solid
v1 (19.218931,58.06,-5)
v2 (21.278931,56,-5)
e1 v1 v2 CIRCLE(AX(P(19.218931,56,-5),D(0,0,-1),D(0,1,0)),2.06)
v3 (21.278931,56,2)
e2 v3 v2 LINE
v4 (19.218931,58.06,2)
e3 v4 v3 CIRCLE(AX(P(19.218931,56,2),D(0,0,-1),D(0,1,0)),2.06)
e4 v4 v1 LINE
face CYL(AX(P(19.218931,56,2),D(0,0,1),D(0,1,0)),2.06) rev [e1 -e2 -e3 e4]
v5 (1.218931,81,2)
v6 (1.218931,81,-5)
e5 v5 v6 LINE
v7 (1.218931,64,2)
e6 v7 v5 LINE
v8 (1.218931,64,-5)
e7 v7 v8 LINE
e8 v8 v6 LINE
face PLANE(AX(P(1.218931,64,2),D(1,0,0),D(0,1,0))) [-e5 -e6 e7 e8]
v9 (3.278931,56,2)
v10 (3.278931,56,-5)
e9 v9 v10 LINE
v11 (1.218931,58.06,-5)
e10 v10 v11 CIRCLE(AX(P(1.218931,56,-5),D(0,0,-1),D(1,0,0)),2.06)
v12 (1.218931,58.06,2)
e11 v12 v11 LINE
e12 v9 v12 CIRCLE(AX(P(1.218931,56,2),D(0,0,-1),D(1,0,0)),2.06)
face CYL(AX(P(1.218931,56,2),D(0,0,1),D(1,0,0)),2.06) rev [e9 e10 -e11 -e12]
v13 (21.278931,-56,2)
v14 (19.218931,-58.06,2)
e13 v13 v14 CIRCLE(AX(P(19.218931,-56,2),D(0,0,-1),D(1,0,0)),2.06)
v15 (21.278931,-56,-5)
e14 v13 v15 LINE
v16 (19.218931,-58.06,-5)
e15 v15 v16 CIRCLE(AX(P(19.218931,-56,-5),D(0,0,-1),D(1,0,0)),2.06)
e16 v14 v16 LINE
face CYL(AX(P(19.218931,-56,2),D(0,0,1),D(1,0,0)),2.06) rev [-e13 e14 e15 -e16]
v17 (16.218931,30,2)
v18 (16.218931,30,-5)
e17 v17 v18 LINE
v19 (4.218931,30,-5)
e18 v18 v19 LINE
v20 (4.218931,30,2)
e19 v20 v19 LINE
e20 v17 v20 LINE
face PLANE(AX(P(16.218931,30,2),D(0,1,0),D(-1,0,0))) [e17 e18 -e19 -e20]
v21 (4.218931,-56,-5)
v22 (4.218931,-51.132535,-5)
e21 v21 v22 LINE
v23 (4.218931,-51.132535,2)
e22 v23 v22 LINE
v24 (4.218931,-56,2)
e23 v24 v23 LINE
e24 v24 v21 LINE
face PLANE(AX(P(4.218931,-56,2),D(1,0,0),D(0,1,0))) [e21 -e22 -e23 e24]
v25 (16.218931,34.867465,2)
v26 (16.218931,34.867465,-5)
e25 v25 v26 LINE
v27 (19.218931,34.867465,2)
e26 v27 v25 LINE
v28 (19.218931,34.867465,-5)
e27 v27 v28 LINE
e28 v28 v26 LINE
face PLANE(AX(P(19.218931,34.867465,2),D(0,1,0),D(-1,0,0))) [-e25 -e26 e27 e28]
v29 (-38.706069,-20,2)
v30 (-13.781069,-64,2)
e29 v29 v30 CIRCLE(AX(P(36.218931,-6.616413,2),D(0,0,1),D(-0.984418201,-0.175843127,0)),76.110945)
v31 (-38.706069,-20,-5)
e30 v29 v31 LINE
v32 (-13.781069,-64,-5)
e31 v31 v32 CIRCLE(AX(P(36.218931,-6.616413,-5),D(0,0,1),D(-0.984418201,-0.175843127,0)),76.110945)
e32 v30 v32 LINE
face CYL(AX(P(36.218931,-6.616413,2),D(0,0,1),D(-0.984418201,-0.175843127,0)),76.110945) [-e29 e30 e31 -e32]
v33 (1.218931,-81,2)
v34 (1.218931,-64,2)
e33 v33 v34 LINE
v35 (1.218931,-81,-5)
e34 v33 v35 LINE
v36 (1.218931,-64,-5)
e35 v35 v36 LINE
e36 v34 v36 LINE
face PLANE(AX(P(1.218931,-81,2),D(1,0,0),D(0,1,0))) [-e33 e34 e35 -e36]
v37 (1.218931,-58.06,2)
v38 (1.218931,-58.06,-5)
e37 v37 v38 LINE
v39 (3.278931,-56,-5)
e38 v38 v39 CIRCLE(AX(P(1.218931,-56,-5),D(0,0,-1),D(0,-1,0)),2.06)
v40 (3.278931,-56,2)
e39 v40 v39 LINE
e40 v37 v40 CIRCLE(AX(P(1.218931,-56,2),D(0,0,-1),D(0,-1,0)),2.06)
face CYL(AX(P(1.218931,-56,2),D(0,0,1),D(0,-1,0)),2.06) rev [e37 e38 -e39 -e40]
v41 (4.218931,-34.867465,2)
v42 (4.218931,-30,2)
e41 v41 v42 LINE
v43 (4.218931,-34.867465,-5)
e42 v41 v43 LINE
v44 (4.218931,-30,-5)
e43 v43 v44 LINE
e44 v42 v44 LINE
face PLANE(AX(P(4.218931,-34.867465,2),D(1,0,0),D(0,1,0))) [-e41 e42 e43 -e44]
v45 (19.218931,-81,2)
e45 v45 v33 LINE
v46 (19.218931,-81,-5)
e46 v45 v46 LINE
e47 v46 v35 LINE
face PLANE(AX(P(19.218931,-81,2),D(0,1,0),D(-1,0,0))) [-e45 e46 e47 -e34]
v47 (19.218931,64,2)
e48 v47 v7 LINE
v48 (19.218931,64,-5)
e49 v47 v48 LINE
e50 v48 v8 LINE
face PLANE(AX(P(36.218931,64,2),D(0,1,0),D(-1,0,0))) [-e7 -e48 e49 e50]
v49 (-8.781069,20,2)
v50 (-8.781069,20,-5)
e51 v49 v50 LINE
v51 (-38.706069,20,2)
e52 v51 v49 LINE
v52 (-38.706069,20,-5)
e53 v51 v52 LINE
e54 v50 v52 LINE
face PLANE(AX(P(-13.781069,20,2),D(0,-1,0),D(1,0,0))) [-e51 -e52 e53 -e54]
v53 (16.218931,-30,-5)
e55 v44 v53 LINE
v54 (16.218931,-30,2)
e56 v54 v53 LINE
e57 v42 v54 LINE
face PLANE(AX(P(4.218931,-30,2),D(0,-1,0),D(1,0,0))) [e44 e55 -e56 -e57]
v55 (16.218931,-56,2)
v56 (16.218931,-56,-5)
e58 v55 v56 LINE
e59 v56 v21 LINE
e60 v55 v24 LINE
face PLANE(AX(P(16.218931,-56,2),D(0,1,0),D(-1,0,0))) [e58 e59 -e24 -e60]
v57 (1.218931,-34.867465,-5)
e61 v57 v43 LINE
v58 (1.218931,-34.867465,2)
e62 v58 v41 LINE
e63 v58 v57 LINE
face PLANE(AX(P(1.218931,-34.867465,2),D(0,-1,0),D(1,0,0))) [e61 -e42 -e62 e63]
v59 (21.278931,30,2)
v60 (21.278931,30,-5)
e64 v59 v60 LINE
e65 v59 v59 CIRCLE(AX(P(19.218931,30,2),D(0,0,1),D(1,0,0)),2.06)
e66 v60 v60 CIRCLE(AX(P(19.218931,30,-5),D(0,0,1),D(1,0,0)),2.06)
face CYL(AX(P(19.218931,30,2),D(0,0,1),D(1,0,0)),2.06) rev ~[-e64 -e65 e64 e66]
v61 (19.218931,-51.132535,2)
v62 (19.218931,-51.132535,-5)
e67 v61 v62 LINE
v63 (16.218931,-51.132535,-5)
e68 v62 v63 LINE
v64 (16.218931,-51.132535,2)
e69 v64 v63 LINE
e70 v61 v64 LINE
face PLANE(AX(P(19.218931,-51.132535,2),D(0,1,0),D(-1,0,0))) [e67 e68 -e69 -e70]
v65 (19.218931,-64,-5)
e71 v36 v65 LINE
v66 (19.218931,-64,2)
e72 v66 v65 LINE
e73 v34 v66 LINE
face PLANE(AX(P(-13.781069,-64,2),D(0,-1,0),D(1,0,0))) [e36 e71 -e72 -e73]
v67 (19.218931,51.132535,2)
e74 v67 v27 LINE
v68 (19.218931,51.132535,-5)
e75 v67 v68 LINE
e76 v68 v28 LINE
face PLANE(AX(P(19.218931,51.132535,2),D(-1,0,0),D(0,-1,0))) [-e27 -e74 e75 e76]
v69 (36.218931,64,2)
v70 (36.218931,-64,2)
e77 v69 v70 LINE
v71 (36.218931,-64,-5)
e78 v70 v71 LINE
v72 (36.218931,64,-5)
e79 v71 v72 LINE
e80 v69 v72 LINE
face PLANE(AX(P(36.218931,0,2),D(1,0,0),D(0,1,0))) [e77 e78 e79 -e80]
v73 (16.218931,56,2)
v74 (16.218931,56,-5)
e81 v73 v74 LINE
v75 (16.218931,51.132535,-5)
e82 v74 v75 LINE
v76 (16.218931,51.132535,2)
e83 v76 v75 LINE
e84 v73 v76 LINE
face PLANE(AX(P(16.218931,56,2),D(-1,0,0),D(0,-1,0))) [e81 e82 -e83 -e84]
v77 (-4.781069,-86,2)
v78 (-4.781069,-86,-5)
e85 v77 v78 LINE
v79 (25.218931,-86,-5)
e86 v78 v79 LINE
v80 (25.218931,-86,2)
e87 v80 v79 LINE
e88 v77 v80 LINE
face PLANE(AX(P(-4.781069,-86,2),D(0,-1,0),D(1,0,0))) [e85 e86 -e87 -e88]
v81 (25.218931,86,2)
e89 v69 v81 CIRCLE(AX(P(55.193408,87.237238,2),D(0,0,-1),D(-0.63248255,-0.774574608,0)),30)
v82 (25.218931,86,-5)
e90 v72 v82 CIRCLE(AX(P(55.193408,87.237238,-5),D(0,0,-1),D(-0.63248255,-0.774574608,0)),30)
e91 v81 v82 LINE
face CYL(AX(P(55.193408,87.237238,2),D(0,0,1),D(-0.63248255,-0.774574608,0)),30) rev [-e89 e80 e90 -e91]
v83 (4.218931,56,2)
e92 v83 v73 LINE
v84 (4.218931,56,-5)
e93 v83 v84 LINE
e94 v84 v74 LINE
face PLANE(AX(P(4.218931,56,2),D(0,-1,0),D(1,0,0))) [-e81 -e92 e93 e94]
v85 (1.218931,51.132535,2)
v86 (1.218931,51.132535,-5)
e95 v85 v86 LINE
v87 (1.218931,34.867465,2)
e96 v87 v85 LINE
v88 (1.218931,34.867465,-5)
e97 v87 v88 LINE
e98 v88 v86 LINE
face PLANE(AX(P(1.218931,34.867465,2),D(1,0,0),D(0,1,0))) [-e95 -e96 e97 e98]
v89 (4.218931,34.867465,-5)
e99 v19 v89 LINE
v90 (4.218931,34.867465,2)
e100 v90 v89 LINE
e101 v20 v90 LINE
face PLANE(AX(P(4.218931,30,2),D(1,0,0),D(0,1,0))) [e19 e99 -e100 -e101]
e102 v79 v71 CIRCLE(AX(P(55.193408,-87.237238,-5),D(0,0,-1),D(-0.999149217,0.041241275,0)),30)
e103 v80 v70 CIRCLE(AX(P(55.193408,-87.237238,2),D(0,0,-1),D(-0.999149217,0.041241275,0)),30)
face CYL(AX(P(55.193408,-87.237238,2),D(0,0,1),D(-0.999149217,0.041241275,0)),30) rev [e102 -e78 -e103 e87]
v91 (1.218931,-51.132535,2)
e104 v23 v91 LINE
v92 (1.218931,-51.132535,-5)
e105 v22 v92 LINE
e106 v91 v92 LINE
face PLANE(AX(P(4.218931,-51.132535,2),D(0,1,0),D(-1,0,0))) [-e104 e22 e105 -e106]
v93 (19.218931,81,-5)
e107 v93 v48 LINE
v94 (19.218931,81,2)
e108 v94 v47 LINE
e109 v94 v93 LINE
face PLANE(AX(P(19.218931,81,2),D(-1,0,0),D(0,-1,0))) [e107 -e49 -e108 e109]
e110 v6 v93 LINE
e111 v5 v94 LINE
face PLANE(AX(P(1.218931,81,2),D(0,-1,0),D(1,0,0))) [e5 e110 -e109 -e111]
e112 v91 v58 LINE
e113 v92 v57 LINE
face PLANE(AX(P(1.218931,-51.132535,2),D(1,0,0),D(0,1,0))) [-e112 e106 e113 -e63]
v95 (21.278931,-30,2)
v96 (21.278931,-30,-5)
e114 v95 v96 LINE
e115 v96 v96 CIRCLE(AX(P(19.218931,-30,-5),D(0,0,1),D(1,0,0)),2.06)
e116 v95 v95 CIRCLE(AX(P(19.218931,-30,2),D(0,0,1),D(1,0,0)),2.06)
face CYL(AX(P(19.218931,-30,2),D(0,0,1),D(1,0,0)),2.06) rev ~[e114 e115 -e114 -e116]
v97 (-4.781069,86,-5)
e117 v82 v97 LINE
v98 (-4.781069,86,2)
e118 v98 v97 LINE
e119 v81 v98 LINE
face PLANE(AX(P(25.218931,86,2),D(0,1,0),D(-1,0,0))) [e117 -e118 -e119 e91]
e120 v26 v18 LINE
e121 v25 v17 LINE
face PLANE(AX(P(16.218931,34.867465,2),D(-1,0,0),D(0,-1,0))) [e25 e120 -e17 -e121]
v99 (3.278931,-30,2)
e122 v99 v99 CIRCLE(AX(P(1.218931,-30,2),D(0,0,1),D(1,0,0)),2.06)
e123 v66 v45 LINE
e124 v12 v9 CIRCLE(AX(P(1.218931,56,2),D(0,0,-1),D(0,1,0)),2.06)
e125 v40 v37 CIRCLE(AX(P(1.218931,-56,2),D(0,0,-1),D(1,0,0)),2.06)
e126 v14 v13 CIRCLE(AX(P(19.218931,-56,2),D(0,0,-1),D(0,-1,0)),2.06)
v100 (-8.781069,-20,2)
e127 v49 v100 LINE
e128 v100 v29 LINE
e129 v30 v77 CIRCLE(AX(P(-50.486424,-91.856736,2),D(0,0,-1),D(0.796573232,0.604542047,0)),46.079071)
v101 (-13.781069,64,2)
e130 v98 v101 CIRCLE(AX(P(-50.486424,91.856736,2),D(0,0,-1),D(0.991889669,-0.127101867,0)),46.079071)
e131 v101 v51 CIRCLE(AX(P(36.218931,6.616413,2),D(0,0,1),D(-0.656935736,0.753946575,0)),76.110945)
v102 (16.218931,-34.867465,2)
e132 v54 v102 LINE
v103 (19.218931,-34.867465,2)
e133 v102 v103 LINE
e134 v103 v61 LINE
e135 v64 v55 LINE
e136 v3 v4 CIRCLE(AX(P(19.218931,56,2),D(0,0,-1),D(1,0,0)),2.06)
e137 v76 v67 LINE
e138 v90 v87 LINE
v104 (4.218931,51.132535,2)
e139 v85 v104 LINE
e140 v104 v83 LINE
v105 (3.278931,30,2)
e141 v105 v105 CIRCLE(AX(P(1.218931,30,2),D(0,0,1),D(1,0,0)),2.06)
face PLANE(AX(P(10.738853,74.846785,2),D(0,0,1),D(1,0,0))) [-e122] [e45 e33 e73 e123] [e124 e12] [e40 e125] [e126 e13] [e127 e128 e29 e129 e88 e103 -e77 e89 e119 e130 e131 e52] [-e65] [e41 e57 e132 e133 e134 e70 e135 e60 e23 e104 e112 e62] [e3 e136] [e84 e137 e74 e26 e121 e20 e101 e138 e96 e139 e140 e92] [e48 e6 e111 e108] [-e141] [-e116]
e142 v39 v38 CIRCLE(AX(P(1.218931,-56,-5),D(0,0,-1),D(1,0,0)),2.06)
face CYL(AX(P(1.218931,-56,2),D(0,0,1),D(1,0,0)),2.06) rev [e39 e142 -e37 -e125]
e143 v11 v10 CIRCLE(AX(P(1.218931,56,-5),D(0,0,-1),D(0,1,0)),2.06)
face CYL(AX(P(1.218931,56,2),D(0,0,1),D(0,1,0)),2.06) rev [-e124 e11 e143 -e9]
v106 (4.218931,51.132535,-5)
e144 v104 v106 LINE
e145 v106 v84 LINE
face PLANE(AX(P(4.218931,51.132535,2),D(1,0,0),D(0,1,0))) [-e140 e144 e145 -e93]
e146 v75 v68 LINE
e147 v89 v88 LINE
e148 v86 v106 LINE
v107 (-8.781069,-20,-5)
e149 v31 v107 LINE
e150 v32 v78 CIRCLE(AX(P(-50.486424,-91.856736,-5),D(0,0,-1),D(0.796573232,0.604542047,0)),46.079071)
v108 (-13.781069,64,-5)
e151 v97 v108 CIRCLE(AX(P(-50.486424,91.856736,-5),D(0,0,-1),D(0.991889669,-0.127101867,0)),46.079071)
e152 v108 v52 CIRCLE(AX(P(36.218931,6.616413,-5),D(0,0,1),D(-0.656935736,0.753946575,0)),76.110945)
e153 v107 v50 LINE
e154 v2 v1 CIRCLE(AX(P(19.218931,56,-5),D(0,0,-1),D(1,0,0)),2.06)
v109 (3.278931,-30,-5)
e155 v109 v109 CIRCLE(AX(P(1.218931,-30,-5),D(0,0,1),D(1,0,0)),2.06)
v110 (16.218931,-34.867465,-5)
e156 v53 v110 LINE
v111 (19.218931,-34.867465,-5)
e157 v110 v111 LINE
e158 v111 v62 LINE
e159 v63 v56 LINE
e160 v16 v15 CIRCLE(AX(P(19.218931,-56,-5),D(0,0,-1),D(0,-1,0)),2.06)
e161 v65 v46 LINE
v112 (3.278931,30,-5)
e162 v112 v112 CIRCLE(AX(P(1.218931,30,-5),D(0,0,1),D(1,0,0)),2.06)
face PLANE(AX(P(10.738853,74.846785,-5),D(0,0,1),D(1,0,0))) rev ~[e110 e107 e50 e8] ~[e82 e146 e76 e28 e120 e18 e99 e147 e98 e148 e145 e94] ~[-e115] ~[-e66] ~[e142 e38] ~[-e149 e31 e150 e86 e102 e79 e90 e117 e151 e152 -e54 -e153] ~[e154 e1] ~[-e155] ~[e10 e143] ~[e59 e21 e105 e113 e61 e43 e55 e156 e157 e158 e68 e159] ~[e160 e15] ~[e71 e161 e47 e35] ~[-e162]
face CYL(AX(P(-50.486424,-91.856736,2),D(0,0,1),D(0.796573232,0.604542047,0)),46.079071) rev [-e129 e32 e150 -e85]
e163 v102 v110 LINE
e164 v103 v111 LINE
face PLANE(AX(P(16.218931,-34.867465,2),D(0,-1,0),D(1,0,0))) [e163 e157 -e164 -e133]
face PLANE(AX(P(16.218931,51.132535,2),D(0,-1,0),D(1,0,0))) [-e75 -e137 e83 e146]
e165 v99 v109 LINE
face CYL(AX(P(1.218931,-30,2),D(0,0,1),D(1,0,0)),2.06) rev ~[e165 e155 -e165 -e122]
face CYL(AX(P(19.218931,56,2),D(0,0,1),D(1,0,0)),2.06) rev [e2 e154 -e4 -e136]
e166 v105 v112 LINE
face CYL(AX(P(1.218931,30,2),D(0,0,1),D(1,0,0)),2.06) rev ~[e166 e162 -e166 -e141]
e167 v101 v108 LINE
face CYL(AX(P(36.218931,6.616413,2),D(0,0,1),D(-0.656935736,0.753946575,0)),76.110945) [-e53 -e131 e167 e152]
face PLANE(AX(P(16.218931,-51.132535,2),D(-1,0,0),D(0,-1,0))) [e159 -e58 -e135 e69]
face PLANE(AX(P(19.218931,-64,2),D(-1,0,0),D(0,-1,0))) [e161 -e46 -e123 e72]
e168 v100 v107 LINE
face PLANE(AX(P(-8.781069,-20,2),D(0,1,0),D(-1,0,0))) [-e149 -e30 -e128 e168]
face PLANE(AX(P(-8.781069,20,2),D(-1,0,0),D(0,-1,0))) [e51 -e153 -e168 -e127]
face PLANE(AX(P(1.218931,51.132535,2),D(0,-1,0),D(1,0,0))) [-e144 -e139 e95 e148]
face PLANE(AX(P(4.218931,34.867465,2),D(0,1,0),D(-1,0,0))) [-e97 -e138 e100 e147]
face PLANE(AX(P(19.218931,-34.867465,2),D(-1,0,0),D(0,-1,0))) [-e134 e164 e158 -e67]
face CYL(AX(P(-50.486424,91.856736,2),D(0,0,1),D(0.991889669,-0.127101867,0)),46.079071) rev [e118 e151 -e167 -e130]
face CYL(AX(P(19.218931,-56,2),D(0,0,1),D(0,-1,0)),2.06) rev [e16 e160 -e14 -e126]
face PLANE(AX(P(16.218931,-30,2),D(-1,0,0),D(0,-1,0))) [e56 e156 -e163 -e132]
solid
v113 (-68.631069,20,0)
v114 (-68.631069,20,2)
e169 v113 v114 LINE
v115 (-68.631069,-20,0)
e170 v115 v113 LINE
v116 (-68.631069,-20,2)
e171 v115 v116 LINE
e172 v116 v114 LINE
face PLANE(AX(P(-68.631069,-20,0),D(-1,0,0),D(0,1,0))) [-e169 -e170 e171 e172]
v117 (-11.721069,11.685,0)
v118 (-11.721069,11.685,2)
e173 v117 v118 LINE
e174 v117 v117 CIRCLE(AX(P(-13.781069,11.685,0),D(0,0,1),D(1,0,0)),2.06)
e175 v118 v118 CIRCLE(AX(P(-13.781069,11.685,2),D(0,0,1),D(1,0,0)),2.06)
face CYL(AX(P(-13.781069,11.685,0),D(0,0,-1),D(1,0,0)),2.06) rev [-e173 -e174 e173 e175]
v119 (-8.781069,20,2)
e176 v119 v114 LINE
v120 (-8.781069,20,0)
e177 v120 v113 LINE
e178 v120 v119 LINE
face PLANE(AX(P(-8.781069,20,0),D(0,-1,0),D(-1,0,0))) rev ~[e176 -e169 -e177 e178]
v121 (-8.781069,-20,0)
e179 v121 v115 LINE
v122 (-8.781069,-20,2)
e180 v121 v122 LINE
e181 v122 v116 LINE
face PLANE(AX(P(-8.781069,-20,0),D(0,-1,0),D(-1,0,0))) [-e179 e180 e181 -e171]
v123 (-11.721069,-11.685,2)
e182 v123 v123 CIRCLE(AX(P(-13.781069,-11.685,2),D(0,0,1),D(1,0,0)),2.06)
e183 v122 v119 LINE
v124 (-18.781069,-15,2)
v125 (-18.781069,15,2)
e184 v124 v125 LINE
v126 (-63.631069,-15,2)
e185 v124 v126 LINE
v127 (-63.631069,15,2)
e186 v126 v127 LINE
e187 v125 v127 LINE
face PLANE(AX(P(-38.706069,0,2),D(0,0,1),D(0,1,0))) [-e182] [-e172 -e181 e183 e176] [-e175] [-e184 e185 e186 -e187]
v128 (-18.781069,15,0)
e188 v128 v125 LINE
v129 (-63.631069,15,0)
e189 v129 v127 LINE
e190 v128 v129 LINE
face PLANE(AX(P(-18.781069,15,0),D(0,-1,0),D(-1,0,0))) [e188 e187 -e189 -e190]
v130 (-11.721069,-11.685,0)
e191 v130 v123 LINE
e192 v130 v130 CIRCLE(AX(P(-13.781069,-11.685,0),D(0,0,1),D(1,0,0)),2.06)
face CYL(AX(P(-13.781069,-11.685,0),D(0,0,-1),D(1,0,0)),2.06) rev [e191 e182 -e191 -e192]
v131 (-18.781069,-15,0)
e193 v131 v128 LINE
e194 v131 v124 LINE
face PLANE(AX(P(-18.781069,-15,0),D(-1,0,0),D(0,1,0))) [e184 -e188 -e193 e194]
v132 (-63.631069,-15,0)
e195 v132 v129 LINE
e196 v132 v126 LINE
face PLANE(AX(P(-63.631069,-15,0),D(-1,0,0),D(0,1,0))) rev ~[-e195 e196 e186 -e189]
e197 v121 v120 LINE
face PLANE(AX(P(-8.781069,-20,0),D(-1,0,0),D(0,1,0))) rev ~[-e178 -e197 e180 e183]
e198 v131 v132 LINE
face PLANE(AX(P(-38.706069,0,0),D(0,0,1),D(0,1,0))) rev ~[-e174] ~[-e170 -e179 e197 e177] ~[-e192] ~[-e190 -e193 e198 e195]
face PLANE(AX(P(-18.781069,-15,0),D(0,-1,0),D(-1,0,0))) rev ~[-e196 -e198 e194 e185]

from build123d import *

# Parameters (mm, degrees)
SKETCH1_W           = 40
SKETCH1_H           = 59.85
SKETCH1_R           = 2.06
SKETCH1_W_2         = 30
SKETCH1_H_2         = 44.85
BOSS_EXTRUDE2_DEPTH = 2
SKETCH2_R           = 2.06
BOSS_EXTRUDE3_DEPTH = 7


with BuildPart() as part:
    # Sketch1 → Boss-Extrude2 (new body)
    with BuildSketch(Plane(origin=(0, 0, 0), x_dir=(0, 1, 0), z_dir=(0, 0, 1))):
        with Locations((0, 38.706068974)):
            Rectangle(SKETCH1_W, SKETCH1_H)
        with Locations(Location((-11.685, 13.781068974, 0), (0, 0, 270))):
            Circle(SKETCH1_R, mode=Mode.SUBTRACT)
        with Locations(Location((11.685, 13.781068974, 0), (0, 0, 270))):
            Circle(SKETCH1_R, mode=Mode.SUBTRACT)
        with Locations((0, 41.206068974)):
            Rectangle(SKETCH1_W_2, SKETCH1_H_2, mode=Mode.SUBTRACT)
    extrude(amount=BOSS_EXTRUDE2_DEPTH)


with BuildPart() as body_2:
    # Sketch2 → Boss-Extrude3 (new body)
    # profile 1 of 6: a face of its own
    with BuildSketch(Plane.XY.offset(2)):
        with BuildLine():
            Line((-13.781068974, -64), (-13.781068974, -20))
            Line((-13.781068974, -20), (-38.706068974, -20))
            ThreePointArc((-38.706068974, -20), (-30.004659229, -44.13057215), (-13.781068974, -64))
        make_face()
    # profile 2 of 6: a face of its own
    with BuildSketch(Plane.XY.offset(2)):
        with BuildLine():
            Line((-38.706068974, 20), (-13.781068974, 20))
            Line((-13.781068974, 20), (-13.781068974, 64))
            ThreePointArc((-13.781068974, 64), (-30.004659229, 44.13057215), (-38.706068974, 20))
        make_face()
    # profile 3 of 6: a face of its own
    with BuildSketch(Plane.XY.offset(2)):
        Polygon((36.218931026, 0), (-8.781068974, 0), (-8.781068974, -20), (-13.781068974, -20), (-13.781068974, -64), (1.218931026, -64), (19.218931026, -64), (36.218931026, -64), align=None)
        with BuildLine():
            ThreePointArc((3.278931026, -56), (2.675570995, -57.456639969), (1.218931026, -58.06))
            ThreePointArc((1.218931026, -58.06), (-0.237708943, -54.543360031), (3.278931026, -56))
        make_face(mode=Mode.SUBTRACT)
        with BuildLine():
            ThreePointArc((21.278931026, -56), (20.675570995, -57.456639969), (19.218931026, -58.06))
            ThreePointArc((19.218931026, -58.06), (17.762291057, -54.543360031), (21.278931026, -56))
        make_face(mode=Mode.SUBTRACT)
        Polygon((1.218931026, -34.867465412), (4.218931026, -34.867465412), (4.218931026, -30), (16.218931026, -30), (16.218931026, -34.867465412), (19.218931026, -34.867465412), (19.218931026, -51.132534588), (16.218931026, -51.132534588), (16.218931026, -56), (4.218931026, -56), (4.218931026, -51.132534588), (1.218931026, -51.132534588), align=None, mode=Mode.SUBTRACT)
        with Locations((1.218931026, -30)):
            Circle(SKETCH2_R, mode=Mode.SUBTRACT)
        with Locations((19.218931026, -30)):
            Circle(SKETCH2_R, mode=Mode.SUBTRACT)
    # profile 4 of 6: a face of its own
    with BuildSketch(Plane.XY.offset(2)):
        with BuildLine():
            ThreePointArc((25.218931026, -86), (28.360591797, -73.820830386), (36.218931026, -64))
            Line((36.218931026, -64), (19.218931026, -64))
            Line((19.218931026, -64), (19.218931026, -81))
            Line((19.218931026, -81), (1.218931026, -81))
            Line((1.218931026, -81), (1.218931026, -64))
            Line((1.218931026, -64), (-13.781068974, -64))
            ThreePointArc((-13.781068974, -64), (-7.838079551, -74.409686145), (-4.781068974, -86))
            Line((-4.781068974, -86), (25.218931026, -86))
        make_face()
    # profile 5 of 6: a face of its own
    with BuildSketch(Plane.XY.offset(2)):
        Polygon((-8.781068974, 20), (-8.781068974, 0), (36.218931026, 0), (36.218931026, 64), (19.218931026, 64), (1.218931026, 64), (-13.781068974, 64), (-13.781068974, 20), align=None)
        with Locations((1.218931026, 30)):
            Circle(SKETCH2_R, mode=Mode.SUBTRACT)
        with Locations((19.218931026, 30)):
            Circle(SKETCH2_R, mode=Mode.SUBTRACT)
        with BuildLine():
            ThreePointArc((3.278931026, 56), (-0.237708943, 54.543360031), (1.218931026, 58.06))
            ThreePointArc((1.218931026, 58.06), (2.675570995, 57.456639969), (3.278931026, 56))
        make_face(mode=Mode.SUBTRACT)
        Polygon((1.218931026, 34.867465412), (1.218931026, 51.132534588), (4.218931026, 51.132534588), (4.218931026, 56), (16.218931026, 56), (16.218931026, 51.132534588), (19.218931026, 51.132534588), (19.218931026, 34.867465412), (16.218931026, 34.867465412), (16.218931026, 30), (4.218931026, 30), (4.218931026, 34.867465412), align=None, mode=Mode.SUBTRACT)
        with BuildLine():
            ThreePointArc((21.278931026, 56), (17.762291057, 54.543360031), (19.218931026, 58.06))
            ThreePointArc((19.218931026, 58.06), (20.675570995, 57.456639969), (21.278931026, 56))
        make_face(mode=Mode.SUBTRACT)
    # profile 6 of 6: a face of its own
    with BuildSketch(Plane.XY.offset(2)):
        with BuildLine():
            Line((19.218931026, 64), (36.218931026, 64))
            ThreePointArc((36.218931026, 64), (28.360591797, 73.820830386), (25.218931026, 86))
            Line((25.218931026, 86), (-4.781068974, 86))
            ThreePointArc((-4.781068974, 86), (-7.838079551, 74.409686145), (-13.781068974, 64))
            Line((-13.781068974, 64), (1.218931026, 64))
            Line((1.218931026, 64), (1.218931026, 81))
            Line((1.218931026, 81), (19.218931026, 81))
            Line((19.218931026, 81), (19.218931026, 64))
        make_face()
    extrude(amount=-BOSS_EXTRUDE3_DEPTH)


solid = Compound([part.part, body_2.part])
